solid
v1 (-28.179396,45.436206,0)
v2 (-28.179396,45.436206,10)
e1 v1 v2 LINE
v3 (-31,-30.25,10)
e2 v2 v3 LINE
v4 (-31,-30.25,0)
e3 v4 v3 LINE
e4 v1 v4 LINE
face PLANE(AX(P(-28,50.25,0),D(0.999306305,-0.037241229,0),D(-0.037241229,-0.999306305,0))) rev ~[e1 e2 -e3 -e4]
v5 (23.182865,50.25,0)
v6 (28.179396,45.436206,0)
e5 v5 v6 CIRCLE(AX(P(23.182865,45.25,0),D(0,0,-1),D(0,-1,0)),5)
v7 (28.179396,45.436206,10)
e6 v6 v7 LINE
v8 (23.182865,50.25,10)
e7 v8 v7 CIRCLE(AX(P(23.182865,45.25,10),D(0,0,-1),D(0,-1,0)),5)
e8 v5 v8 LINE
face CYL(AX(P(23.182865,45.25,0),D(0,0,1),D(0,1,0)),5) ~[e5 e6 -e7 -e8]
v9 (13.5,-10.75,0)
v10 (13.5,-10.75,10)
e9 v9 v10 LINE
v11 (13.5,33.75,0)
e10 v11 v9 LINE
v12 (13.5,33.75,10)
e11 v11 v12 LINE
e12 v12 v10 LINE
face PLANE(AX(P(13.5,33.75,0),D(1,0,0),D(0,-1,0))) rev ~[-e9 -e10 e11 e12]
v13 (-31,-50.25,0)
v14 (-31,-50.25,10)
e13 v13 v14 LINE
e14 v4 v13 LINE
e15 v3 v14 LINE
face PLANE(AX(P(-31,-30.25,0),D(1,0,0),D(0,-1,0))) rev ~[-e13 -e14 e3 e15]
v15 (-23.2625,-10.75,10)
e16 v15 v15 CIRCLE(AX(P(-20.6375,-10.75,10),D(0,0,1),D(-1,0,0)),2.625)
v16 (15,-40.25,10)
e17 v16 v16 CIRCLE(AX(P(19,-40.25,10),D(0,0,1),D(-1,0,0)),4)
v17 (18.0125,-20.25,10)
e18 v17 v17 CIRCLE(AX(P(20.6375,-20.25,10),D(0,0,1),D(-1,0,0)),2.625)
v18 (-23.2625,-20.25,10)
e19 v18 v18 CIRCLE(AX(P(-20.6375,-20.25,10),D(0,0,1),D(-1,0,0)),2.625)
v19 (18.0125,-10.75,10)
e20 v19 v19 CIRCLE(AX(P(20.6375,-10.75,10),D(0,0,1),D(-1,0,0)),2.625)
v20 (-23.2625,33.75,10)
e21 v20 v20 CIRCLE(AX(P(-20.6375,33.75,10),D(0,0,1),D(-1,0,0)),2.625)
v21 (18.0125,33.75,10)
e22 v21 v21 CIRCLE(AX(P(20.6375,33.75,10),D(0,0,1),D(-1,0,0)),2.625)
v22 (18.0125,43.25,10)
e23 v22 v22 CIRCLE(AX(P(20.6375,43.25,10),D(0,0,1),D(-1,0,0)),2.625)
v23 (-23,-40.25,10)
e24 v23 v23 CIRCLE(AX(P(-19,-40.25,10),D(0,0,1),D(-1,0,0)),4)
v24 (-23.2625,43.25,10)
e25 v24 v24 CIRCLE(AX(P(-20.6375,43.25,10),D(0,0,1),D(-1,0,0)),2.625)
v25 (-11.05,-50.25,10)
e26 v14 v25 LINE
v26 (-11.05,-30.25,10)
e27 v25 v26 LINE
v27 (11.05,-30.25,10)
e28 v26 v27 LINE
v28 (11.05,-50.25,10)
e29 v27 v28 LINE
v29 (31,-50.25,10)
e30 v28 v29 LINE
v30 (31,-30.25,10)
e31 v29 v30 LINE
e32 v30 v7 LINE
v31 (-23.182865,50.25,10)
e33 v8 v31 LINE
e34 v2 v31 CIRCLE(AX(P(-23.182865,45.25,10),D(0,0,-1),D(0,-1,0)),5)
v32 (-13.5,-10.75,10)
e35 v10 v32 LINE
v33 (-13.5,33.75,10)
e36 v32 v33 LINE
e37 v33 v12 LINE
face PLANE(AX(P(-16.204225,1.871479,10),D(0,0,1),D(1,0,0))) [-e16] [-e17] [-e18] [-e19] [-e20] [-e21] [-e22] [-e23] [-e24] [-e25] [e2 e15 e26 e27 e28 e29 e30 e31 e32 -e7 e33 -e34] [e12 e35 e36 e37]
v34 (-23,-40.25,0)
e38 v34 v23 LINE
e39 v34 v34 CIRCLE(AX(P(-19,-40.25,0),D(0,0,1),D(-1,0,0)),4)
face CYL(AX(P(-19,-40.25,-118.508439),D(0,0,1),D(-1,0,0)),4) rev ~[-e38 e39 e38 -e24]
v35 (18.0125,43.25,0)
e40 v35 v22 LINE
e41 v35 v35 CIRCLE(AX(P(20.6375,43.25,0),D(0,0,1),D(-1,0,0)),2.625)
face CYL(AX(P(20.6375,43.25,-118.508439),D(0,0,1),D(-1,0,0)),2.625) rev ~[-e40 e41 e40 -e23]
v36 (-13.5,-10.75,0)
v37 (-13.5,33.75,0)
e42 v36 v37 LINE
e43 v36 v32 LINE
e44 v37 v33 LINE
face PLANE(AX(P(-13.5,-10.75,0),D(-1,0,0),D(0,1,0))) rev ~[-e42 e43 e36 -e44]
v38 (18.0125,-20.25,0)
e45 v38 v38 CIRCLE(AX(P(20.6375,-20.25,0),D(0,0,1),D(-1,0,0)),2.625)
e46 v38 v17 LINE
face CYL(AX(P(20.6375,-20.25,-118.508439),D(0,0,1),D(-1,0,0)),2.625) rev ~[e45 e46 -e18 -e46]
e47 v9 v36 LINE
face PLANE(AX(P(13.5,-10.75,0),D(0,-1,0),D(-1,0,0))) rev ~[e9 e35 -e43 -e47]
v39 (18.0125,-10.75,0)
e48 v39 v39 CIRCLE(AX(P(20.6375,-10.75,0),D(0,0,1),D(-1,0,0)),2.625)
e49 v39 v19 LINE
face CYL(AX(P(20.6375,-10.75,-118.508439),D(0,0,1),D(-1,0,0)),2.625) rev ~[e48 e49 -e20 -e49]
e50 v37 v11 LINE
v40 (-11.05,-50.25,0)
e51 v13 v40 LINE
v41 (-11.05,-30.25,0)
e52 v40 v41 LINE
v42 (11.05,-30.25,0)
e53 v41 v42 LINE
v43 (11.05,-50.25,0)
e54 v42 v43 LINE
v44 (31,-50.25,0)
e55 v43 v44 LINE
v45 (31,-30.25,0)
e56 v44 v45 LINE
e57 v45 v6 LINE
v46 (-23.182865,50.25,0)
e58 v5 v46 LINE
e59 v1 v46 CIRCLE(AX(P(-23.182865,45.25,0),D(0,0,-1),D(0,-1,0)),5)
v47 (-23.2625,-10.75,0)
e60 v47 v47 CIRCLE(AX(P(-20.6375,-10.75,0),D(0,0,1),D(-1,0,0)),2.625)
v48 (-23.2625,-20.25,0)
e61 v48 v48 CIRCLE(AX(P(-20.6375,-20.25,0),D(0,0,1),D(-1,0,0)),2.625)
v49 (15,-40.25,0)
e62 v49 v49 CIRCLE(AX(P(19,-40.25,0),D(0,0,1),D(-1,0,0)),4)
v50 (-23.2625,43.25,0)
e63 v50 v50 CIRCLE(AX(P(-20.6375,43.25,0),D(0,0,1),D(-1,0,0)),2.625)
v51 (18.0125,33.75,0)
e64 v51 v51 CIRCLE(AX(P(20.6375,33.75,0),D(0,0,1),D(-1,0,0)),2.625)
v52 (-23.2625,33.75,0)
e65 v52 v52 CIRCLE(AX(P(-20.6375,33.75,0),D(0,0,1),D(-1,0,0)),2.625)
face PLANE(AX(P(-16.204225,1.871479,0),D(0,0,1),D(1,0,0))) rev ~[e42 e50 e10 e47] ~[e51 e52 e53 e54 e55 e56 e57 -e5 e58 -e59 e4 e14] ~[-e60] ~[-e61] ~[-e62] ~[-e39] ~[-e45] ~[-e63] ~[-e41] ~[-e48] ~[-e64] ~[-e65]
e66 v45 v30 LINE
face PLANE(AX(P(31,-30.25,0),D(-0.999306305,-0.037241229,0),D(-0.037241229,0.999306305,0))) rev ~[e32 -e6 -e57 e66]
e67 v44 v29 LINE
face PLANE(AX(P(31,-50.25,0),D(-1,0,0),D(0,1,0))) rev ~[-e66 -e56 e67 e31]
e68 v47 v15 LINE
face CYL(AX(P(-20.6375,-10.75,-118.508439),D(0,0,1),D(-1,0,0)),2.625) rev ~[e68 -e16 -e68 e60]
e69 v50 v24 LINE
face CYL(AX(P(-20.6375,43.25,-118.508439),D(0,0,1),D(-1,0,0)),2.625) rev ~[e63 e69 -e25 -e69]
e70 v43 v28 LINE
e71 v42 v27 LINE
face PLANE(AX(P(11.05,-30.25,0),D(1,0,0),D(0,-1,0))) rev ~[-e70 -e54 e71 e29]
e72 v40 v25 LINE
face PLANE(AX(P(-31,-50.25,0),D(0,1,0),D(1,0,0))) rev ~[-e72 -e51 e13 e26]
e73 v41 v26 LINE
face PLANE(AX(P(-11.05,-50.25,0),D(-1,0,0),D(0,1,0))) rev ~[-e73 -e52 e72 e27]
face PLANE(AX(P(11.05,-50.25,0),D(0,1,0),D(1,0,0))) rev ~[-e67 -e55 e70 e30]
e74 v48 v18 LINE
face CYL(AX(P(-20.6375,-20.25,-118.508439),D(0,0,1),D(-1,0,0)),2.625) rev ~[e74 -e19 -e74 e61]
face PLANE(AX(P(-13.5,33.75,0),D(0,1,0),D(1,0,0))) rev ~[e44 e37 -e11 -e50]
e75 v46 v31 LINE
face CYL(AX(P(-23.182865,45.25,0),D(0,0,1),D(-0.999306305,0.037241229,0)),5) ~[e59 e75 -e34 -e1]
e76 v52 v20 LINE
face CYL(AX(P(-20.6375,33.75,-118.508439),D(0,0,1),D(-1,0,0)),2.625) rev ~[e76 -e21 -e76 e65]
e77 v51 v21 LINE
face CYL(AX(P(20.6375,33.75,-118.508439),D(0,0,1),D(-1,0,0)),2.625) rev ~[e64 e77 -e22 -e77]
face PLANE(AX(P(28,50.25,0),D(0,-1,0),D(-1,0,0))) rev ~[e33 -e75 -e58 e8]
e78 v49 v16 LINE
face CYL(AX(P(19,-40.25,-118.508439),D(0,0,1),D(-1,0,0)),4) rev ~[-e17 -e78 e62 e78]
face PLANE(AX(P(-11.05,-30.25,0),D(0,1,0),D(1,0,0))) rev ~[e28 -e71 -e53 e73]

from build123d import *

# Parameters (mm, degrees)
F1_DEPTH = 10
F2_D     = 5.25
F3_D     = 8
F4_R     = 5


with BuildPart() as f1:
    # F0 (on Top) → F1 (new body)
    with BuildSketch(Plane.XY):
        Polygon((0, 33.75), (0, 50.25), (-28, 50.25), (-28, -50.25), (-11.05, -50.25), (-11.05, -30.25), (0, -30.25), (0, -10.75), (-13.5, -10.75), (-13.5, 33.75), align=None)
        Polygon((11.05, -50.25), (28, -50.25), (28, 50.25), (0, 50.25), (0, 33.75), (13.5, 33.75), (13.5, -10.75), (0, -10.75), (0, -30.25), (11.05, -30.25), align=None)
        Polygon((-28, -50.25), (-28, 50.25), (-31, -30.25), (-31, -50.25), align=None)
        Polygon((28, 50.25), (28, -50.25), (31, -50.25), (31, -30.25), align=None)
    extrude(amount=F1_DEPTH)

    # F2 (through all)
    with Locations(Plane(origin=(0, 0, 0), x_dir=(1, 0, 0), z_dir=(0, 0, -1))):
        with Locations((20.6375, 20.25), (-20.6375, 20.25), (-20.6375, -33.75), (20.6375, -33.75), (-20.6375, -43.25), (20.6375, -43.25), (20.6375, 10.75), (-20.6375, 10.75)):
            Hole(F2_D / 2)

    # F3 (through all)
    with Locations(Plane(origin=(0, 0, 0), x_dir=(1, 0, 0), z_dir=(0, 0, -1))):
        with Locations((-19, 40.25), (19, 40.25)):
            Hole(F3_D / 2)

    # F4
    f4_edges = [f1.edges().sort_by_distance(p)[0] for p in [
        (28, 50.25, 5),
        (-28, 50.25, 5),
    ]]
    fillet(f4_edges, radius=F4_R)


solid = f1.part
